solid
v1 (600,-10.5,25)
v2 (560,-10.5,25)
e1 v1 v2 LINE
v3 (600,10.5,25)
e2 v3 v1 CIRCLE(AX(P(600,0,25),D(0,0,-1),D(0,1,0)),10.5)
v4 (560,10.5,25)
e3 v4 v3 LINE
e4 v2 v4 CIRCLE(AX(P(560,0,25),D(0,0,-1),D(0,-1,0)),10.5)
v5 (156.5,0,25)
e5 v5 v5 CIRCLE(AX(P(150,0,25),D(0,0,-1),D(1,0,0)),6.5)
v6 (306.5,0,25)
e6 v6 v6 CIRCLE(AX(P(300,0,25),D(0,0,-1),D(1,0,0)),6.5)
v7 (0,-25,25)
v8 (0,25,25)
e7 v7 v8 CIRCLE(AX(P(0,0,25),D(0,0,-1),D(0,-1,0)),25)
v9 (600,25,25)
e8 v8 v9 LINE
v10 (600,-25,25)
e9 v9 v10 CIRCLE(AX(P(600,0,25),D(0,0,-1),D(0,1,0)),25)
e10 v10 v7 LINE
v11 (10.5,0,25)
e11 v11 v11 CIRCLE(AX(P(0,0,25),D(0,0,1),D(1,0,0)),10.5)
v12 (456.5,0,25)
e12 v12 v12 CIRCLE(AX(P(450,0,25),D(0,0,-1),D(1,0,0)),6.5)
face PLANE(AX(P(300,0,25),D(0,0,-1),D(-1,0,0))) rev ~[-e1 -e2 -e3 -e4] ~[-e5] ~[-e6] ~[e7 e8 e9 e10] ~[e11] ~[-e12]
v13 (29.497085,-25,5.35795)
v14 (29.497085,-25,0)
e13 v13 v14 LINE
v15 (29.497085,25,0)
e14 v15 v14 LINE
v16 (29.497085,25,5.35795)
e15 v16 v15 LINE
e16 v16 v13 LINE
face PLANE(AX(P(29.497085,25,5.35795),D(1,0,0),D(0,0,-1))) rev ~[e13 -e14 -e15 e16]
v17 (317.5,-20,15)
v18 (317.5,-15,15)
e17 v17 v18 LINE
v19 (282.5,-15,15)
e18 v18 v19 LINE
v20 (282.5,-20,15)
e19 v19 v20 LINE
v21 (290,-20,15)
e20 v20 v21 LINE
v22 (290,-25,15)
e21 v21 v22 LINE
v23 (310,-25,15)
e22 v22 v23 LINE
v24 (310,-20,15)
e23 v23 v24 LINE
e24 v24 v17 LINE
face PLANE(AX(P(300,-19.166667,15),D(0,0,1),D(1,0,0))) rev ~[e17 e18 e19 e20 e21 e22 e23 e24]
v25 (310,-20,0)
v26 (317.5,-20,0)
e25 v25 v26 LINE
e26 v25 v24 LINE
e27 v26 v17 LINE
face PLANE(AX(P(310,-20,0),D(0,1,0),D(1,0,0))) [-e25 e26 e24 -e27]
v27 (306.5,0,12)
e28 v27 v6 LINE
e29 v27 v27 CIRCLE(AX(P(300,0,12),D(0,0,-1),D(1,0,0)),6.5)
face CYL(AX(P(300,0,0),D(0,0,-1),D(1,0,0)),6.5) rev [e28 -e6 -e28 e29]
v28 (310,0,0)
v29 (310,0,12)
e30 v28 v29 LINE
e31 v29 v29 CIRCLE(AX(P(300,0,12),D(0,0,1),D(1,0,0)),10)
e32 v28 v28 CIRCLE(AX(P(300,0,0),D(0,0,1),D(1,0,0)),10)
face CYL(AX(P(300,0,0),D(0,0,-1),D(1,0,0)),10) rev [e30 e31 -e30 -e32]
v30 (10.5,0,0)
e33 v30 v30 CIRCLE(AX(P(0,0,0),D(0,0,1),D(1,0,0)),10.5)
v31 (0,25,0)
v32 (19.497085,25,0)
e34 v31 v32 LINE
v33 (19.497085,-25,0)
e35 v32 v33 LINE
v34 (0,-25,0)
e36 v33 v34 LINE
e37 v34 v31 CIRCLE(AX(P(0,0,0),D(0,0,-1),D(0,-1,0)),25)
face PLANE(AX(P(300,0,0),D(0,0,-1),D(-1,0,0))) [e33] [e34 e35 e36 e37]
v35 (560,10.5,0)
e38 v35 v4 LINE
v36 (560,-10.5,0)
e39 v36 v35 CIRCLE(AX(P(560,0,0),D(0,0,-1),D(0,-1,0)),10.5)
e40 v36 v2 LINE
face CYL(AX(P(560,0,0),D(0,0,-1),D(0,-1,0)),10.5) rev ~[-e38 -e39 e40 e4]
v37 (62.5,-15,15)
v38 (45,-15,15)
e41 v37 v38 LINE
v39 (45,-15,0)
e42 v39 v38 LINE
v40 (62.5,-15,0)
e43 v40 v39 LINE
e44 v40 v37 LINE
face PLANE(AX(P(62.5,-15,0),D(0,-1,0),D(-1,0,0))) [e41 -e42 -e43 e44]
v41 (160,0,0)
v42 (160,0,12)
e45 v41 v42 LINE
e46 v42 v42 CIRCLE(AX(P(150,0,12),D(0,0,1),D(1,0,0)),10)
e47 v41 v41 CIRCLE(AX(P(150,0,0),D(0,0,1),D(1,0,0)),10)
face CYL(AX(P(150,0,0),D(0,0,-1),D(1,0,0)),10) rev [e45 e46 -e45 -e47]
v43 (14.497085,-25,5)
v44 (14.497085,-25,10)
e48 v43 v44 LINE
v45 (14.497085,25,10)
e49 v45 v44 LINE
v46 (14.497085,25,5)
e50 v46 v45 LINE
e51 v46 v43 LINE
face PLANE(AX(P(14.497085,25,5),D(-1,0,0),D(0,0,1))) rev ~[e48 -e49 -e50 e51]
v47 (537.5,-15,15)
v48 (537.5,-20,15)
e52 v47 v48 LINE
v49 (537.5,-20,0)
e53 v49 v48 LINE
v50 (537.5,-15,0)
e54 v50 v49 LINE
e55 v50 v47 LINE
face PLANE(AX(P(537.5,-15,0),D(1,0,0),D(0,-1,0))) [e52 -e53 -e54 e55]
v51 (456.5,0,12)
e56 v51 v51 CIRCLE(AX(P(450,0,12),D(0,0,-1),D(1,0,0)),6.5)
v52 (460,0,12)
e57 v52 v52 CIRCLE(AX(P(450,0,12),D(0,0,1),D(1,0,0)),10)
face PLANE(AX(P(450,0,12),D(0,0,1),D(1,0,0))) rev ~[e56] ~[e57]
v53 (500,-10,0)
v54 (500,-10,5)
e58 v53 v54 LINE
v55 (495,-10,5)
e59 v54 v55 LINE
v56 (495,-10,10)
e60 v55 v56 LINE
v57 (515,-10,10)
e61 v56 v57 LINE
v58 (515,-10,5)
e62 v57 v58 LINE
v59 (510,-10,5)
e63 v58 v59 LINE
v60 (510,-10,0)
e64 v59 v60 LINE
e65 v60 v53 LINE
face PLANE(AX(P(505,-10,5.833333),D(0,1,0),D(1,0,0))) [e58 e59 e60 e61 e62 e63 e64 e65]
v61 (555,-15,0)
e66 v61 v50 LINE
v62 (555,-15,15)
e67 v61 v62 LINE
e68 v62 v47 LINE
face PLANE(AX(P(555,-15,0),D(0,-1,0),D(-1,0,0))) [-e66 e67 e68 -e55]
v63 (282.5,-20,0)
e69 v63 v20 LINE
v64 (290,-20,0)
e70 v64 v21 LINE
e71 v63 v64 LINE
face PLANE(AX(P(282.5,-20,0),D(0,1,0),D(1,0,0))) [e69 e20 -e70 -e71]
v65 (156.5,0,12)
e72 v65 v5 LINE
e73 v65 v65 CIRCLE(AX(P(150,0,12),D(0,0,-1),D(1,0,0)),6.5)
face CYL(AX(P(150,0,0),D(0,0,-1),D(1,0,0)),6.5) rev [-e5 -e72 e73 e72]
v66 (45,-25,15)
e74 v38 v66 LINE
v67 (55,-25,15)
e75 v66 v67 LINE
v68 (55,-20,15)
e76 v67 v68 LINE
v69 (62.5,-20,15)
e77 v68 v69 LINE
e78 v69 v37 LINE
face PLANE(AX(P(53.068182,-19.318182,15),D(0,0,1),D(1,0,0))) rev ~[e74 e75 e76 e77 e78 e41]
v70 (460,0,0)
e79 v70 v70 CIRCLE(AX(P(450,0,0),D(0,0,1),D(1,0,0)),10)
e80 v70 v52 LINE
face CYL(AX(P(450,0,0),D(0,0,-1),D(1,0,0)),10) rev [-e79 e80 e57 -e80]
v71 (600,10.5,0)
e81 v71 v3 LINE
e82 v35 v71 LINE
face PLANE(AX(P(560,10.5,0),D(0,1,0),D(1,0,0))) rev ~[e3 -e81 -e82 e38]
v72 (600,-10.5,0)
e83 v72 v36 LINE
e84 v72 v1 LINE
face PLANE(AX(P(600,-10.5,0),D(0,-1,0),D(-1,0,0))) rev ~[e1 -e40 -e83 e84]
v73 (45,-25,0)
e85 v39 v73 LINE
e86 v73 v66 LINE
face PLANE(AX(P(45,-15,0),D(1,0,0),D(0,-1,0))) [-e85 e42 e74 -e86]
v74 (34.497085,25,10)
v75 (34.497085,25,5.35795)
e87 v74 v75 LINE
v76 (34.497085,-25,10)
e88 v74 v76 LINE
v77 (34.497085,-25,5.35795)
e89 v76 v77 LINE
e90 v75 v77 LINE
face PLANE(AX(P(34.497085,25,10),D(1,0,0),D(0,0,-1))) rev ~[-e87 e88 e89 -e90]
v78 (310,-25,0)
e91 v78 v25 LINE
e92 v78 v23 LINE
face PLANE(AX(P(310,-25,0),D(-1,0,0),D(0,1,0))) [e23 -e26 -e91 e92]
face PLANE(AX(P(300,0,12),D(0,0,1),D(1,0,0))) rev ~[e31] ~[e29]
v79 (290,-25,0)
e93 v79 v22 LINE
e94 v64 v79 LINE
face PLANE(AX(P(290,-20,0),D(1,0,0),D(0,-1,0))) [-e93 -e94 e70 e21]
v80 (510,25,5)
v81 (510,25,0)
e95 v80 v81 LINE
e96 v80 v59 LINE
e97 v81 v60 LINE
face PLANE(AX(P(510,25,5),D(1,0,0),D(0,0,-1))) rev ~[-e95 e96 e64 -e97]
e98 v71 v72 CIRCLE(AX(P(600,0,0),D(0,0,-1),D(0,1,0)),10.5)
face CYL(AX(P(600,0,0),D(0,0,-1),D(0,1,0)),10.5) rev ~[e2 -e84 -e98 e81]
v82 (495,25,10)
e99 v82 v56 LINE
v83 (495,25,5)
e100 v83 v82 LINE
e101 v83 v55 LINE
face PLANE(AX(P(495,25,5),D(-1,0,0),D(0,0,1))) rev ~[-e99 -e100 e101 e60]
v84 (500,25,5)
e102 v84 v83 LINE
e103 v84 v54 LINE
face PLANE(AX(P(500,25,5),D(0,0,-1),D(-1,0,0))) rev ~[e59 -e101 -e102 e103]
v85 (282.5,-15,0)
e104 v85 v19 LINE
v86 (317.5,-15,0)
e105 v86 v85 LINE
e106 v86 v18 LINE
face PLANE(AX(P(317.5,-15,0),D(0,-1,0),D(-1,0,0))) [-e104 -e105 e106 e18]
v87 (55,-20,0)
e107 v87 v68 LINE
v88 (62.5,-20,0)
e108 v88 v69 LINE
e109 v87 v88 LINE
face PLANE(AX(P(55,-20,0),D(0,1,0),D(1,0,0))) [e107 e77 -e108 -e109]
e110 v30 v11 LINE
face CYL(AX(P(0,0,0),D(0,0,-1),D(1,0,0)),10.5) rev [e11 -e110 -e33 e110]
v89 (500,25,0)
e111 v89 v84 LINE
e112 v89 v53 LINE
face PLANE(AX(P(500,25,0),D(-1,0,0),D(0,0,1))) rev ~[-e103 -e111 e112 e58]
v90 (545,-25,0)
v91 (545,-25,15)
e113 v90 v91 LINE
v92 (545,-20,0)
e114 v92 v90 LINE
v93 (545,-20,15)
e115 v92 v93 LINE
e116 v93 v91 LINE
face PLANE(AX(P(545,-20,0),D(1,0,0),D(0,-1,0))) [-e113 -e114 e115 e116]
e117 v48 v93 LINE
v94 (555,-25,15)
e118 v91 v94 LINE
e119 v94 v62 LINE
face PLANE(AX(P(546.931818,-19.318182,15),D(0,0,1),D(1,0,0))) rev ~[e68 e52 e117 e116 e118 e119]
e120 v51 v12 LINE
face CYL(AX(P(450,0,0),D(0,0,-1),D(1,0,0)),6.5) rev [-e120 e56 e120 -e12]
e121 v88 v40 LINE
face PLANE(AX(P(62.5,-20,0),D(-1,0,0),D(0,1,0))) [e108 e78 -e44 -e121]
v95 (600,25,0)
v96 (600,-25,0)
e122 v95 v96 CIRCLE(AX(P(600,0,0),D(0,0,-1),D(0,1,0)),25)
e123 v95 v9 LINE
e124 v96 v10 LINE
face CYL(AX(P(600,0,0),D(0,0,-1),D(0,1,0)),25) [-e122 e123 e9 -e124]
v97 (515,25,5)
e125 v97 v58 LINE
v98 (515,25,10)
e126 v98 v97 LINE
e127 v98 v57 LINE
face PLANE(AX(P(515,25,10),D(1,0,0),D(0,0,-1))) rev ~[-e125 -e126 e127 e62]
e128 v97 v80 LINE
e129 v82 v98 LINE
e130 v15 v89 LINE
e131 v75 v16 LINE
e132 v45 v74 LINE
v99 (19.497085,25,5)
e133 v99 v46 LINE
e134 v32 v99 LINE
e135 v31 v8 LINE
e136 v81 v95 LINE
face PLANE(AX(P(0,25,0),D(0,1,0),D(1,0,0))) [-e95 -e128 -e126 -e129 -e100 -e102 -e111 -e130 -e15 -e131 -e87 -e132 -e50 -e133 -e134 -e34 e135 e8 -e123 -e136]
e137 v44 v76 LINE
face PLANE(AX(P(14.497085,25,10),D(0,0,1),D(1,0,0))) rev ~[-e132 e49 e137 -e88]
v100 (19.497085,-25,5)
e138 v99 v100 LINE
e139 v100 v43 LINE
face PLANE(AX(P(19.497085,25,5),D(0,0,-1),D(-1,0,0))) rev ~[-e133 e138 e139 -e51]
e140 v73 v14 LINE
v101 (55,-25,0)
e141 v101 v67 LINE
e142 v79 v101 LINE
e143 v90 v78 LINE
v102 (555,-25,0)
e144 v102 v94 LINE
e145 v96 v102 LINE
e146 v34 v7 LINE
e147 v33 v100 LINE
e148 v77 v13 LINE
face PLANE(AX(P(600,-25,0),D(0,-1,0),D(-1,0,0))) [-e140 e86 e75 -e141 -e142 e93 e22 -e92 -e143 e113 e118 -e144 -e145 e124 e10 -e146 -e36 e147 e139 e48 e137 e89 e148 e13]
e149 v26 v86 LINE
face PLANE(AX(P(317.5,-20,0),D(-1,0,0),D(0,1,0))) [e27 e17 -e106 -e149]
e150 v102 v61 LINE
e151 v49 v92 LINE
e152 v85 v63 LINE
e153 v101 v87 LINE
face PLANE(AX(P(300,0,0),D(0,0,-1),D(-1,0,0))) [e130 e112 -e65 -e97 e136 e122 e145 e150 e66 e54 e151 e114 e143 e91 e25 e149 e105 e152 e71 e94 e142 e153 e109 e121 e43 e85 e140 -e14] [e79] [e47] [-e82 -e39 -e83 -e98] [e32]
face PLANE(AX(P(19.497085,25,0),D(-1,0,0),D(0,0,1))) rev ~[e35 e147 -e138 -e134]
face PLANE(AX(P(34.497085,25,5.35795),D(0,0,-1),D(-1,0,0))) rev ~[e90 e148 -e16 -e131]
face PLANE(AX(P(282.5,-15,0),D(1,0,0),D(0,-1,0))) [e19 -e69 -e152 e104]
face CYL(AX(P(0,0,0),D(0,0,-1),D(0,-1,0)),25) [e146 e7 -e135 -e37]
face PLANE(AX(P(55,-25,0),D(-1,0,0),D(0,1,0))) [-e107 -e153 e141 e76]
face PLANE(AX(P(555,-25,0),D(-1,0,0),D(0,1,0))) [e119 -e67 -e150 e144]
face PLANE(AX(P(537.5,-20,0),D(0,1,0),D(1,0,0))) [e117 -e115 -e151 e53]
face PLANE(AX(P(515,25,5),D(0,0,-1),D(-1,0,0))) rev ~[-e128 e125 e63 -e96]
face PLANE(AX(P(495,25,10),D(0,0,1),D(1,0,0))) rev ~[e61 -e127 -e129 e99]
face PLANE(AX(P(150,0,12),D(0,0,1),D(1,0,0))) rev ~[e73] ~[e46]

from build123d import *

# Parameters (mm, degrees)
ESQUISSE1_R             = 10.5
BOSS_EXTRU_1_DEPTH      = 25
ENL_V_MAT_EXTRU_1_DEPTH = 35
ENL_V_MAT_EXTRU_2_DEPTH = 50
ENL_V_MAT_EXTRU_3_DEPTH = 15
ESQUISSE1_4_R           = 6.5
ENL_V_MAT_EXTRU_4_DEPTH = 626.999201277
ESQUISSE1_5_R           = 10
ENL_V_MAT_EXTRU_5_DEPTH = 12


with BuildPart() as part:
    # Esquisse1 → Boss.-Extru.1 (new body)
    with BuildSketch(Plane.XY):
        with BuildLine():
            Line((600, -25), (0, -25))
            ThreePointArc((0, -25), (-25, 0), (0, 25))
            Line((0, 25), (600, 25))
            ThreePointArc((600, 25), (625, 0), (600, -25))
        make_face()
        Circle(ESQUISSE1_R, mode=Mode.SUBTRACT)
        with BuildLine():
            Line((560, 10.5), (600, 10.5))
            ThreePointArc((600, 10.5), (610.5, 0), (600, -10.5))
            Line((600, -10.5), (560, -10.5))
            ThreePointArc((560, -10.5), (549.5, 0), (560, 10.5))
        make_face(mode=Mode.SUBTRACT)
    extrude(amount=BOSS_EXTRU_1_DEPTH)

    # Esquisse2 → Enl_v. mat.-Extru.1 (cut)
    with BuildSketch(Plane(origin=(0, 25, 0), x_dir=(1, 0, 0), z_dir=(0, 1, 0))):
        Polygon((510, 0), (500, 0), (500, -5), (495, -5), (495, -10), (515, -10), (515, -5), (510, -5), align=None)
    extrude(amount=-ENL_V_MAT_EXTRU_1_DEPTH, mode=Mode.SUBTRACT)

    # Esquisse3 → Enl_v. mat.-Extru.2 (cut)
    with BuildSketch(Plane(origin=(0, 25, 0), x_dir=(1, 0, 0), z_dir=(0, 1, 0))):
        Polygon((19.49708464, 0), (19.49708464, -5), (14.49708464, -5), (14.49708464, -10), (34.49708464, -10), (34.49708464, -5.357949986), (29.49708464, -5.357949986), (29.49708464, 0), align=None)
    extrude(amount=-ENL_V_MAT_EXTRU_2_DEPTH, mode=Mode.SUBTRACT)

    # Esquisse1_3 → Enl_v. mat.-Extru.3 (cut)
    with BuildSketch(Plane.XY):
        Polygon((545, -25), (555, -25), (555, -15), (537.5, -15), (537.5, -20), (545, -20), align=None)
        Polygon((290, -25), (310, -25), (310, -20), (317.5, -20), (317.5, -15), (282.5, -15), (282.5, -20), (290, -20), align=None)
        Polygon((45, -15), (45, -25), (55, -25), (55, -20), (62.5, -20), (62.5, -15), align=None)
    extrude(amount=ENL_V_MAT_EXTRU_3_DEPTH, mode=Mode.SUBTRACT)

    # Esquisse1_4 → Enl_v. mat.-Extru.4 (cut, through all)
    with BuildSketch(Plane.XY):
        with Locations((300, 0)):
            Circle(ESQUISSE1_4_R)
        with Locations((450, 0)):
            Circle(ESQUISSE1_4_R)
        with Locations((150, 0)):
            Circle(ESQUISSE1_4_R)
    extrude(amount=ENL_V_MAT_EXTRU_4_DEPTH, mode=Mode.SUBTRACT)

    # Esquisse1_5 → Enl_v. mat.-Extru.5 (cut)
    with BuildSketch(Plane.XY):
        with Locations((300, 0)):
            Circle(ESQUISSE1_5_R)
        with Locations((450, 0)):
            Circle(ESQUISSE1_5_R)
        with Locations((150, 0)):
            Circle(ESQUISSE1_5_R)
    extrude(amount=ENL_V_MAT_EXTRU_5_DEPTH, mode=Mode.SUBTRACT)


solid = part.part
